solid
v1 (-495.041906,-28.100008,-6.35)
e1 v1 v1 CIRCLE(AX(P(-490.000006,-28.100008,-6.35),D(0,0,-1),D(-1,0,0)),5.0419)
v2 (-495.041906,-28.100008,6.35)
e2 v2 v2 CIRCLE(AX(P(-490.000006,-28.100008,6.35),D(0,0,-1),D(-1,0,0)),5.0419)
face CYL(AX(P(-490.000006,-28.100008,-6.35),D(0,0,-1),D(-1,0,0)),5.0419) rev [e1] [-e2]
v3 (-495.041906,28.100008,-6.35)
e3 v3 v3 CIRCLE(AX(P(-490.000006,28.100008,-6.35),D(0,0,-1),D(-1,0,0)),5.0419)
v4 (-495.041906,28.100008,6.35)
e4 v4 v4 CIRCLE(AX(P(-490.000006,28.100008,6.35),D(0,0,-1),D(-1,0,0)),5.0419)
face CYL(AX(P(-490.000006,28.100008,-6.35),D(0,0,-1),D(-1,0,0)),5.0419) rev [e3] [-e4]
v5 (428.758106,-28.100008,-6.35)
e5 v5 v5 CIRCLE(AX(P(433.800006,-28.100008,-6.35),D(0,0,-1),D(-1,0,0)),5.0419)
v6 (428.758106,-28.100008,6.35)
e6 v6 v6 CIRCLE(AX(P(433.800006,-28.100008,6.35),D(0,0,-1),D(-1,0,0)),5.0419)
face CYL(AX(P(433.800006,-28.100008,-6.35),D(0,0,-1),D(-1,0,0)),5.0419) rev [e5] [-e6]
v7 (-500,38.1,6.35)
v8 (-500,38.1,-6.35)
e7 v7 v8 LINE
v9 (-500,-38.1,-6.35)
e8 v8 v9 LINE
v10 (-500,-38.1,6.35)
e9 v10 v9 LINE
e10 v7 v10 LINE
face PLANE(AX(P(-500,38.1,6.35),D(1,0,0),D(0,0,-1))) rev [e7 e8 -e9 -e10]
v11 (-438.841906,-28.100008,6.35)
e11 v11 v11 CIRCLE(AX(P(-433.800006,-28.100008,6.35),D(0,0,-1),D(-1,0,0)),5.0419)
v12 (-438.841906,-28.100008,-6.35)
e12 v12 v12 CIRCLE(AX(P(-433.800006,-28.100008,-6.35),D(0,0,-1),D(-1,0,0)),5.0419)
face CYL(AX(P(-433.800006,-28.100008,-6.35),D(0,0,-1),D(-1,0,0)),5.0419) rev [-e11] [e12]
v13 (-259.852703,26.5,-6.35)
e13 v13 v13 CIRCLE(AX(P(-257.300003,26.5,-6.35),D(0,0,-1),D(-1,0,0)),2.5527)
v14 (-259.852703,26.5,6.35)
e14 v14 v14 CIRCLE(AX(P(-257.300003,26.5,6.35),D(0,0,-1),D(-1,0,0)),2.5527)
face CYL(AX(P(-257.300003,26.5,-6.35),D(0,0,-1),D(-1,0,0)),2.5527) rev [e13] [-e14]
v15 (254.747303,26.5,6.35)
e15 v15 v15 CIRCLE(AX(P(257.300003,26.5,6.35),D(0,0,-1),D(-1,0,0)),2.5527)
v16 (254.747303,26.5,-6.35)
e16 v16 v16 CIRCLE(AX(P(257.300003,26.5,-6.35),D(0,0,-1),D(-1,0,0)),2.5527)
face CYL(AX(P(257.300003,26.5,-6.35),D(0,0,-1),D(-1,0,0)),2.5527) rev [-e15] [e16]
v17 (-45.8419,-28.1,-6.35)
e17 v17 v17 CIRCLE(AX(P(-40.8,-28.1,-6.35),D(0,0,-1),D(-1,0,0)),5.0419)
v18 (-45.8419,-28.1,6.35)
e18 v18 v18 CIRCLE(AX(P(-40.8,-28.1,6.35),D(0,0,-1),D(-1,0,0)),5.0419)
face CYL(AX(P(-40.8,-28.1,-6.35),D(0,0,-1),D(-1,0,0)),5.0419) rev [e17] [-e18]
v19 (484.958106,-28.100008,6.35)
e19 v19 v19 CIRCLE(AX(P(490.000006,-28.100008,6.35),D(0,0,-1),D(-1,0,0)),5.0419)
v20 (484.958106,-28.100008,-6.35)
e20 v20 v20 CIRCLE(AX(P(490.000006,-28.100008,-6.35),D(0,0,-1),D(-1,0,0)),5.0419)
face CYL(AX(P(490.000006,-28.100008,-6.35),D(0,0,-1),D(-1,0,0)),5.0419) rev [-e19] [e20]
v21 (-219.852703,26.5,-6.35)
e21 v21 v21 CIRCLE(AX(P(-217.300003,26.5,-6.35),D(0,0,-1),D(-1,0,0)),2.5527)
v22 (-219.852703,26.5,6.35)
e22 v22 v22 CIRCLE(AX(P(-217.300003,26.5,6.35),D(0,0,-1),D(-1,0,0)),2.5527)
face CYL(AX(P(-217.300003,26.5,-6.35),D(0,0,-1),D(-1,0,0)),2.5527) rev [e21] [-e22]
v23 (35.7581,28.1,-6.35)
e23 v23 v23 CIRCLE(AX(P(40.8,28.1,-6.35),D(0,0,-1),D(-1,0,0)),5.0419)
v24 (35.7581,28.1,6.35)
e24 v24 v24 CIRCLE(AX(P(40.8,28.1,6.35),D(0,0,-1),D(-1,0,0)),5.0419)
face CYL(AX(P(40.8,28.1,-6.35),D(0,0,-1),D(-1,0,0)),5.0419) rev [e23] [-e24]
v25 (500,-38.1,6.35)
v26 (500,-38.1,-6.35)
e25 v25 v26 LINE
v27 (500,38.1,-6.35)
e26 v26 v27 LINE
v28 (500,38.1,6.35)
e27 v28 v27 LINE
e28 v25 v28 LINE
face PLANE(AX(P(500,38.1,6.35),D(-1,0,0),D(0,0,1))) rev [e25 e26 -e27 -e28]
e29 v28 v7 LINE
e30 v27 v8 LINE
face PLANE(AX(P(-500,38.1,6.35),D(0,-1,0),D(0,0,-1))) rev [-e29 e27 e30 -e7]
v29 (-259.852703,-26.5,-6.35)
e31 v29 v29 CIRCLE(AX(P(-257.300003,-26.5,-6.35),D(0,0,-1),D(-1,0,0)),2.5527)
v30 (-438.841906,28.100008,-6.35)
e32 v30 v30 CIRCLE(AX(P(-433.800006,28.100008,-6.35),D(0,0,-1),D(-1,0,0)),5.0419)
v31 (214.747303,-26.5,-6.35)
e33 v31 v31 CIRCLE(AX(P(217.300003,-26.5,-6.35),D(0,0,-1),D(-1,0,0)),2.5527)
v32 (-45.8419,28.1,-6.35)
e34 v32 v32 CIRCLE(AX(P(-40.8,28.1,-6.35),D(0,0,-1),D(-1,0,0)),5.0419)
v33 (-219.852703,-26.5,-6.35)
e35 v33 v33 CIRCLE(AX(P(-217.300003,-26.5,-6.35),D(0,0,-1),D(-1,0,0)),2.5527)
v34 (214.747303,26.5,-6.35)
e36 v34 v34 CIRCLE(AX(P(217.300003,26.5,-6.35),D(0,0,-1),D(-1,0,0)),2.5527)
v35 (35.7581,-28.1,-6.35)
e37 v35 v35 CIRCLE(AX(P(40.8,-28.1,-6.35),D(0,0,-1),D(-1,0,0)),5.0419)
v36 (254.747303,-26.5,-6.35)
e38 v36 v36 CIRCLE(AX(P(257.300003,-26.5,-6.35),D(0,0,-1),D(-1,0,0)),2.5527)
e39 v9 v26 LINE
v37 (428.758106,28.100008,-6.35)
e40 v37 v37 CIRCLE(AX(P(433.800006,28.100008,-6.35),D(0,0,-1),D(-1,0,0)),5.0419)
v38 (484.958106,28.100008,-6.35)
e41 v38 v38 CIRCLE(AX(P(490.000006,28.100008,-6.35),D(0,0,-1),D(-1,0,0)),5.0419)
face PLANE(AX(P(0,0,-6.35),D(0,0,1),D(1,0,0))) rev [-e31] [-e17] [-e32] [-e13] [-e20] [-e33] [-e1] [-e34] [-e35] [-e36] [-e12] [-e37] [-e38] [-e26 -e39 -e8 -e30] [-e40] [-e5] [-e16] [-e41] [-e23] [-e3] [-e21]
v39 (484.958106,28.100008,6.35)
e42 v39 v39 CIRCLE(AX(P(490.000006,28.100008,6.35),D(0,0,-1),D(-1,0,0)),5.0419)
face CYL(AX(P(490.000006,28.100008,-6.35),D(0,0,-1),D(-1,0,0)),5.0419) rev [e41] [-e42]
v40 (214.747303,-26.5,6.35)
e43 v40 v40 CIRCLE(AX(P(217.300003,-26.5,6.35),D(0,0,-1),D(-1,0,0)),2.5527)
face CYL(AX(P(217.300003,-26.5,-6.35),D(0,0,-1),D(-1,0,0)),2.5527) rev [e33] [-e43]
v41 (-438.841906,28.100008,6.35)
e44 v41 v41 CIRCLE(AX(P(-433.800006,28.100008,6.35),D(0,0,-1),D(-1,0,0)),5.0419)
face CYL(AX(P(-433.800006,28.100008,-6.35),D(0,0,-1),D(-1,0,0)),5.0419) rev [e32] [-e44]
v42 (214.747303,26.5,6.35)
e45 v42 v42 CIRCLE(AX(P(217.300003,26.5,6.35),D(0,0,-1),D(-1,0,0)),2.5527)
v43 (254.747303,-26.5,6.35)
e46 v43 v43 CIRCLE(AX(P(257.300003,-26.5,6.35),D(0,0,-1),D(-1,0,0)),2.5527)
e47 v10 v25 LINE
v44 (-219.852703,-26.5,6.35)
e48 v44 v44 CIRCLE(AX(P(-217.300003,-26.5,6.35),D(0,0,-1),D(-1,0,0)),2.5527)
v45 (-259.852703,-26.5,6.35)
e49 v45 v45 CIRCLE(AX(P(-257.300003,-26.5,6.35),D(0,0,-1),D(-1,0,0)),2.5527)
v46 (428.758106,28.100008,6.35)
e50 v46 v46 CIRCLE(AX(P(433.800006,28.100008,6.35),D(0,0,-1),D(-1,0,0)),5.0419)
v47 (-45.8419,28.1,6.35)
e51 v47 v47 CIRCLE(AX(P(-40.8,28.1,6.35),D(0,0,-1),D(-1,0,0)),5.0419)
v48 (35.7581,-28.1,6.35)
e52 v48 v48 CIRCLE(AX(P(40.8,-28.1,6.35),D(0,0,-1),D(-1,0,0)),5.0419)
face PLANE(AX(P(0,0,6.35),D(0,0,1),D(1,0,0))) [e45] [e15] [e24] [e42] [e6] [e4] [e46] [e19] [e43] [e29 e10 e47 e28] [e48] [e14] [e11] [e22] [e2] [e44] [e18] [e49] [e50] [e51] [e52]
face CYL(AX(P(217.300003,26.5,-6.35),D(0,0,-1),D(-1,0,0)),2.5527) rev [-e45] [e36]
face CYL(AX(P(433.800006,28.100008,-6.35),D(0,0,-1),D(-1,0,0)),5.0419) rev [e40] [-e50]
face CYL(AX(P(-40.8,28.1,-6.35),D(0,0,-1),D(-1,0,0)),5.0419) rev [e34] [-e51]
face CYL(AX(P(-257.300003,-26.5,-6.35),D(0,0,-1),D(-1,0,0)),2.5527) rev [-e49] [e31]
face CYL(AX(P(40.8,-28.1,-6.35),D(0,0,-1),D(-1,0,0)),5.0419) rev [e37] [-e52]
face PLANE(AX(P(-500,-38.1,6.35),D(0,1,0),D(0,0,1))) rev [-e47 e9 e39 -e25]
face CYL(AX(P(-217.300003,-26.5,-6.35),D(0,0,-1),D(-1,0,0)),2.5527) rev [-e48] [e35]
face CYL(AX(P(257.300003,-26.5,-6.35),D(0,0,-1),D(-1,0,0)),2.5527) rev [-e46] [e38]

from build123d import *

# Parameters (mm, degrees)
CROQUIS1_W                    = 1000
CROQUIS1_H                    = 76.2
SALIENTE_EXTRUIR1_DEPTH       = 6.35
TALADRO_DE_MARGEN_PARA_3_81_D = 10.0838
F_10_CLEARANCE_HOLE1_D        = 5.1054


with BuildPart() as part:
    # Croquis1 → Saliente-Extruir1 (new, symmetric)
    with BuildSketch(Plane.XY):
        Rectangle(CROQUIS1_W, CROQUIS1_H)
    extrude(amount=SALIENTE_EXTRUIR1_DEPTH, both=True)

    # Taladro de margen para 3/81 (through all)
    with Locations(Plane(origin=(0, 0, -6.35), x_dir=(-1, 0, 0), z_dir=(0, 0, -1))):
        with Locations((433.800006232, 28.100007642), (490.000006232, 28.100007642), (490.000006232, -28.100007642), (433.800006232, -28.100007642), (-433.800006232, -28.100007642), (-490.000006232, -28.100007642), (-490.000006232, 28.100007642), (-433.800006232, 28.100007642), (40.799999964, 28.099999988), (40.799999964, -28.099999988), (-40.799999964, 28.099999988), (-40.799999964, -28.099999988)):
            Hole(TALADRO_DE_MARGEN_PARA_3_81_D / 2)

    # #10 Clearance Hole1 (through all)
    with Locations(Plane(origin=(0, 0, -6.35), x_dir=(-1, 0, 0), z_dir=(0, 0, -1))):
        with Locations((217.300003098, 26.5), (257.300003098, 26.5), (257.300003098, -26.5), (217.300003098, -26.5), (-257.300003098, 26.5), (-257.300003098, -26.5), (-217.300003098, -26.5), (-217.300003098, 26.5)):
            Hole(F_10_CLEARANCE_HOLE1_D / 2)


solid = part.part
